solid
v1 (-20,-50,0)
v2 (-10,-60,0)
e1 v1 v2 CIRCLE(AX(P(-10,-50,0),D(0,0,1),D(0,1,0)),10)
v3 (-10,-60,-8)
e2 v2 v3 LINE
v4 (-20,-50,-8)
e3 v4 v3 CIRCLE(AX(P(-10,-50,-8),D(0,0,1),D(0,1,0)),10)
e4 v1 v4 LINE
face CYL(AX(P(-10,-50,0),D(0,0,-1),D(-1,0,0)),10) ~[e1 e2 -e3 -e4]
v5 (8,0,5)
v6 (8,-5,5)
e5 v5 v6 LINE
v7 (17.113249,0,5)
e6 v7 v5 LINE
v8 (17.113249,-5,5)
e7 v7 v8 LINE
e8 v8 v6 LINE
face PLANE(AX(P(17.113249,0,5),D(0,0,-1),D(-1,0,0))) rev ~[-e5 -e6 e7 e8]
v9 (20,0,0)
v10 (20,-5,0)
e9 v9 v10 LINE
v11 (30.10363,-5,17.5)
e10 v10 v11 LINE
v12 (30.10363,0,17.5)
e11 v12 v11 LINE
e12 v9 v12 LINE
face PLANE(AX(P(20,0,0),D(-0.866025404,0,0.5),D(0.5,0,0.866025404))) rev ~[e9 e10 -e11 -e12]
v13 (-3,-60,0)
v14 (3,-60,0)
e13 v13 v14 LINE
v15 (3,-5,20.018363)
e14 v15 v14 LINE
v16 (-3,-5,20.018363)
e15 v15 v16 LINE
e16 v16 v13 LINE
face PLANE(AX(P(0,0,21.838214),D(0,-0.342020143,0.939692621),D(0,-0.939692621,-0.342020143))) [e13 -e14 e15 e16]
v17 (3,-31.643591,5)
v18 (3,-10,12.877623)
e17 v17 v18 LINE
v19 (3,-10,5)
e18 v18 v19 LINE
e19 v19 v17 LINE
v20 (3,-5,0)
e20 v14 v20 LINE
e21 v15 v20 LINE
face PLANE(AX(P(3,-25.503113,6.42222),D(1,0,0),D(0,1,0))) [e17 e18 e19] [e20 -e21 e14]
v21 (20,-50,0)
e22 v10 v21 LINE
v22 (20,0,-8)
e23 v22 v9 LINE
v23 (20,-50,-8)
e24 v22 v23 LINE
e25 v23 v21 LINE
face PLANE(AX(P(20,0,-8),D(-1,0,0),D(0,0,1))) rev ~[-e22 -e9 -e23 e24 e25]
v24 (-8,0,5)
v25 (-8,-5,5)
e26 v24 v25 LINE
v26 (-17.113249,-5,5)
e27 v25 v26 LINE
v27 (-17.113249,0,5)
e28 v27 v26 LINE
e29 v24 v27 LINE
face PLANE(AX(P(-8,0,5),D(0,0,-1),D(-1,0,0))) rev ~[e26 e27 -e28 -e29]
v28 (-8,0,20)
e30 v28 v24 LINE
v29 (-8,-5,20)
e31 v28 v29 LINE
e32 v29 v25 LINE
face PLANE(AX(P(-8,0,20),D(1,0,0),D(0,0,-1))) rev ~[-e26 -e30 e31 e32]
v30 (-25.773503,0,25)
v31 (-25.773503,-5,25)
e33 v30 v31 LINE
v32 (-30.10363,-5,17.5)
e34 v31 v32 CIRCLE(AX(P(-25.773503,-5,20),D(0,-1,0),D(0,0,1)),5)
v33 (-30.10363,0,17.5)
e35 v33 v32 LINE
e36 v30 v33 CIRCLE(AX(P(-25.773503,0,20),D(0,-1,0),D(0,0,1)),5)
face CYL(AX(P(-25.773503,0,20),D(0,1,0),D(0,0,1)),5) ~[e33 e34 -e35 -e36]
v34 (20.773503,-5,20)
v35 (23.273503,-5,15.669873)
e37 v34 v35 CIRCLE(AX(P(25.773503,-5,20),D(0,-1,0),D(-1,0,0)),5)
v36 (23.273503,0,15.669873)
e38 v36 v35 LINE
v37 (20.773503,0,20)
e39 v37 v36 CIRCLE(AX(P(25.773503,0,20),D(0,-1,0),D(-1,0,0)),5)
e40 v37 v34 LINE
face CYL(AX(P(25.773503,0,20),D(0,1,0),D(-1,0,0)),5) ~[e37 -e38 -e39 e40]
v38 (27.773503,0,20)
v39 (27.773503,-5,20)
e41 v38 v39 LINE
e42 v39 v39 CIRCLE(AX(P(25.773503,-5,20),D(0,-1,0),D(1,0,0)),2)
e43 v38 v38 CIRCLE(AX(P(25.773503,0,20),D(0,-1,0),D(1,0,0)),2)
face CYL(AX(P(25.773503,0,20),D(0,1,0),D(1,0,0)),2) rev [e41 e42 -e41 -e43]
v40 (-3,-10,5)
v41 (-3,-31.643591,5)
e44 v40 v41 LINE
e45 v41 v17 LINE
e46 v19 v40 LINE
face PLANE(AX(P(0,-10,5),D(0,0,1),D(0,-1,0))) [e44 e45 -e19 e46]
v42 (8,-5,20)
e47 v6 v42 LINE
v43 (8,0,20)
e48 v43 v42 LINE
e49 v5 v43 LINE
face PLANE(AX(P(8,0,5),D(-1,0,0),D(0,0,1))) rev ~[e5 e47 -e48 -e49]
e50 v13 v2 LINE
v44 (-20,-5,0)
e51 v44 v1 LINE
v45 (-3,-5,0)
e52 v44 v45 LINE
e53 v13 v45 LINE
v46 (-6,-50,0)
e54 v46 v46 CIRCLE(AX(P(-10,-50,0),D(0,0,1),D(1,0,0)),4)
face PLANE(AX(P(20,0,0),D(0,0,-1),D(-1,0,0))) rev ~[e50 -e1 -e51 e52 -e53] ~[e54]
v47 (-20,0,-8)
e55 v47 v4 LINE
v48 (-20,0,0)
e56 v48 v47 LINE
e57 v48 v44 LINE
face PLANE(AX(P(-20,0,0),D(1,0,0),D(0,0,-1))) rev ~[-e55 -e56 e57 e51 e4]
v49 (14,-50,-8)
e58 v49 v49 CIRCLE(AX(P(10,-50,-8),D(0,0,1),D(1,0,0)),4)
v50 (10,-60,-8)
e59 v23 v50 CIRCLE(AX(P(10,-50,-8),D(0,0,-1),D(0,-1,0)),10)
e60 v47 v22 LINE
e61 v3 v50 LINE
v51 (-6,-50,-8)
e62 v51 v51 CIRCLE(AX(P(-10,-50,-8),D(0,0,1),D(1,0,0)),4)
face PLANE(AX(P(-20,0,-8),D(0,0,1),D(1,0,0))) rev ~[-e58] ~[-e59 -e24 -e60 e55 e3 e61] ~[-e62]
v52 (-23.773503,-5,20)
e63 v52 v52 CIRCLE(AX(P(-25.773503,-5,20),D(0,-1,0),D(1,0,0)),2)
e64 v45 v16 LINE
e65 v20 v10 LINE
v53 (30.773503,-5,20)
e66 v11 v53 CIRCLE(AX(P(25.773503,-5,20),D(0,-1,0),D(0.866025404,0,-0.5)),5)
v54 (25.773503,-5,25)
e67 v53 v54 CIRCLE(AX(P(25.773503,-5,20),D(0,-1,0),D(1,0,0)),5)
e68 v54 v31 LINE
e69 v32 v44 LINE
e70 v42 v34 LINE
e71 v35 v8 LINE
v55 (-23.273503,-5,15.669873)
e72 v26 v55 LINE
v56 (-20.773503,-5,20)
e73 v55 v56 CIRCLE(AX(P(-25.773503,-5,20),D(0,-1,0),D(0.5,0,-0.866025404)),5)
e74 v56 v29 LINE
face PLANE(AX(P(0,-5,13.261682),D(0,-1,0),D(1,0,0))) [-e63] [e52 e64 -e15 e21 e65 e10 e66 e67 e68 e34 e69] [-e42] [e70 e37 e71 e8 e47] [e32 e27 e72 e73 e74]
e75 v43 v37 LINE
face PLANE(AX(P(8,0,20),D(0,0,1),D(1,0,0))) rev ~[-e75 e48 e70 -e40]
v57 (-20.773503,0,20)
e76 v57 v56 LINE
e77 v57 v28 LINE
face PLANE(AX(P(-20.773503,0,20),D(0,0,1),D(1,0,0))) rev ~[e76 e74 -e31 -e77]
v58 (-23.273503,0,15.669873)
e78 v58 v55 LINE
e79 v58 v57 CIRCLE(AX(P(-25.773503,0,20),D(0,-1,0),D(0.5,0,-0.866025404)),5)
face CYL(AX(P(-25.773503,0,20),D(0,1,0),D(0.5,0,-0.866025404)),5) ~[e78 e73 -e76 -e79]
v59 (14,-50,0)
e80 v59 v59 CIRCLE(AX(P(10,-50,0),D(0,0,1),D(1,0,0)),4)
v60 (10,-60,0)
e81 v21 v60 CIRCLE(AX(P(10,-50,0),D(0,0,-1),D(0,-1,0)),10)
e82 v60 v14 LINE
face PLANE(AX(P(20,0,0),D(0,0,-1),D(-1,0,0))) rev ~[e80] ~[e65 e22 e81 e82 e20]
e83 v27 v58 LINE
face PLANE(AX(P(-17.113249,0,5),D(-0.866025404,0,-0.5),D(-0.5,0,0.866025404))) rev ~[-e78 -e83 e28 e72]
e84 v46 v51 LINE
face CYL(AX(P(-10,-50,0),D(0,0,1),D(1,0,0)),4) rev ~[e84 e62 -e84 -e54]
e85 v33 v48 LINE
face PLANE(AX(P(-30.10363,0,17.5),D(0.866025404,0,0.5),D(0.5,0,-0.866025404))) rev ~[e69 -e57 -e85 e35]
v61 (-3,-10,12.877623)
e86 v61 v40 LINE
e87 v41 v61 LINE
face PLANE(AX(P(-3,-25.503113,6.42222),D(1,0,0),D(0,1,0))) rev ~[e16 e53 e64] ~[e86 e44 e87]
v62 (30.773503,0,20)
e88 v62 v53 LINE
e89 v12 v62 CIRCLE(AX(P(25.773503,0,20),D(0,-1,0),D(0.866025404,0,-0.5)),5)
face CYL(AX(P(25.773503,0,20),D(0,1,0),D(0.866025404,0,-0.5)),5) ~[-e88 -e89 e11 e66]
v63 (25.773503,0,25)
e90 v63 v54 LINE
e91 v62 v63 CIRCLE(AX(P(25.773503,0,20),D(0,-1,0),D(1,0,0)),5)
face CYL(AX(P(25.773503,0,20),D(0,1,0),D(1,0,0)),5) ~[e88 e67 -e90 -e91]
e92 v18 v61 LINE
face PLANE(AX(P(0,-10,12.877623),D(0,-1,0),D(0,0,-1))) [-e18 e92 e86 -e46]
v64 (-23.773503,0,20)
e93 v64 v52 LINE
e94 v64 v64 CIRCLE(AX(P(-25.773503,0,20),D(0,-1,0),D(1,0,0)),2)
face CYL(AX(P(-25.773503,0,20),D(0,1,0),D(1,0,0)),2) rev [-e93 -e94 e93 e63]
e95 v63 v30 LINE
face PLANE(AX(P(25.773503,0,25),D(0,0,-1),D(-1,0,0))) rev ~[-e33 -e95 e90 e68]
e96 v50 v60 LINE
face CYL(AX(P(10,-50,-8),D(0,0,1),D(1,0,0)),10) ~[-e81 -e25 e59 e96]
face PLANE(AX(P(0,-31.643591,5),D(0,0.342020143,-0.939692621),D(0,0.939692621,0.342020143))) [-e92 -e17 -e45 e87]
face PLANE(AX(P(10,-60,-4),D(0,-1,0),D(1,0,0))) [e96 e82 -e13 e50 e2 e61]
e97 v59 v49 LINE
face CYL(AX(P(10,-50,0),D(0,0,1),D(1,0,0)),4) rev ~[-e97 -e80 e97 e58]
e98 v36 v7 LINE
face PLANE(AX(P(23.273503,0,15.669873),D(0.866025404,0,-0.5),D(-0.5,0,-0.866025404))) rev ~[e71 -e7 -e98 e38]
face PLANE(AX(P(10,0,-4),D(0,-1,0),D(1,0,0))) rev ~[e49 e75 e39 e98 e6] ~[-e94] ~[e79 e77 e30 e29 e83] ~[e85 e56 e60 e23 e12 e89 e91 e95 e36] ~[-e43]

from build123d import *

# Parameters (mm, degrees)
F0_R     = 2
F1_DEPTH = 5
F2_DEPTH = 60
F4_DEPTH = 3
F5_R     = 4
F6_DEPTH = 8.001
F7_R     = 10


with BuildPart() as f1:
    # F0 (on Front) → F1 (new body)
    with BuildSketch(Plane.XZ):
        with BuildLine():
            Line((-20, 0), (-3, 0))
            Line((-3, 0), (-3, 20))
            Line((-3, 20), (0, 20))
            Line((0, 20), (3, 20))
            Line((3, 20), (3, 0))
            Line((3, 0), (20, 0))
            Line((20, 0), (30.1036297108, 17.5))
            ThreePointArc((30.1036297108, 17.5), (27.0675979174, 15.1703708686), (23.2735026919, 15.6698729811))
            Line((23.2735026919, 15.6698729811), (17.1132486541, 5))
            Line((17.1132486541, 5), (8, 5))
            Line((8, 5), (8, 20))
            Line((8, 20), (20.7735026919, 20))
            ThreePointArc((20.7735026919, 20), (22.237968786, 23.5355339059), (25.7735026919, 25))
            Line((25.7735026919, 25), (0, 25))
            Line((0, 25), (-25.7735026919, 25))
            ThreePointArc((-25.7735026919, 25), (-22.237968786, 23.5355339059), (-20.7735026919, 20))
            Line((-20.7735026919, 20), (-8, 20))
            Line((-8, 20), (-8, 5))
            Line((-8, 5), (-17.1132486541, 5))
            Line((-17.1132486541, 5), (-23.2735026919, 15.6698729811))
            ThreePointArc((-23.2735026919, 15.6698729811), (-27.0675979174, 15.1703708686), (-30.1036297108, 17.5))
            Line((-30.1036297108, 17.5), (-20, 0))
        make_face()
        with BuildLine():
            ThreePointArc((-25.7735026919, 25), (-30.1036297108, 22.5), (-30.1036297108, 17.5))
            ThreePointArc((-30.1036297108, 17.5), (-27.0675979174, 15.1703708686), (-23.2735026919, 15.6698729811))
            ThreePointArc((-23.2735026919, 15.6698729811), (-21.443375673, 17.5), (-20.7735026919, 20))
            ThreePointArc((-20.7735026919, 20), (-22.237968786, 23.5355339059), (-25.7735026919, 25))
        make_face()
        with Locations((-25.7735026919, 20)):
            Circle(F0_R, mode=Mode.SUBTRACT)
        with BuildLine():
            ThreePointArc((23.2735026919, 15.6698729811), (27.0675979174, 15.1703708686), (30.1036297108, 17.5))
            ThreePointArc((30.1036297108, 17.5), (30.6031318233, 18.7059047745), (30.7735026919, 20))
            ThreePointArc((30.7735026919, 20), (29.3090365978, 23.5355339059), (25.7735026919, 25))
            ThreePointArc((25.7735026919, 25), (22.237968786, 23.5355339059), (20.7735026919, 20))
            ThreePointArc((20.7735026919, 20), (21.443375673, 17.5), (23.2735026919, 15.6698729811))
        make_face()
        with Locations((25.7735026919, 20)):
            Circle(F0_R, mode=Mode.SUBTRACT)
    extrude(amount=F1_DEPTH)



with BuildPart() as f2:
    # F0 (on Front) → F2 (new body)
    with BuildSketch(Plane.XZ):
        Polygon((3, 0), (0, 0), (0, -8), (20, -8), (20, 0), align=None)
        Polygon((0, -8), (0, 0), (-3, 0), (-20, 0), (-20, -8), align=None)
    extrude(amount=F2_DEPTH)


with BuildPart() as f1_1:
    add(f1.part)

    add(f2.part)  # F4 merges F2
    # F3 (on Right) → F4 (join, symmetric)
    with BuildSketch(Plane.YZ):
        Polygon((0, 21.838214056), (-60, 0), (0, 0), align=None)
        Polygon((-31.6435909019, 5), (-10, 12.8776228509), (-10, 5), align=None, mode=Mode.SUBTRACT)
    extrude(amount=F4_DEPTH, both=True)

    # F5 (on Top) → F6 (cut, through all)
    with BuildSketch(Plane.XY):
        with Locations((-10, -50)):
            Circle(F5_R)
        with Locations((10, -50)):
            Circle(F5_R)
    extrude(amount=-F6_DEPTH, mode=Mode.SUBTRACT)

    # F7
    f7_edges = [f1_1.edges().sort_by_distance(p)[0] for p in [
        (-20, -60, -4),
        (20, -60, -4),
    ]]
    fillet(f7_edges, radius=F7_R)


solid = f1_1.part
